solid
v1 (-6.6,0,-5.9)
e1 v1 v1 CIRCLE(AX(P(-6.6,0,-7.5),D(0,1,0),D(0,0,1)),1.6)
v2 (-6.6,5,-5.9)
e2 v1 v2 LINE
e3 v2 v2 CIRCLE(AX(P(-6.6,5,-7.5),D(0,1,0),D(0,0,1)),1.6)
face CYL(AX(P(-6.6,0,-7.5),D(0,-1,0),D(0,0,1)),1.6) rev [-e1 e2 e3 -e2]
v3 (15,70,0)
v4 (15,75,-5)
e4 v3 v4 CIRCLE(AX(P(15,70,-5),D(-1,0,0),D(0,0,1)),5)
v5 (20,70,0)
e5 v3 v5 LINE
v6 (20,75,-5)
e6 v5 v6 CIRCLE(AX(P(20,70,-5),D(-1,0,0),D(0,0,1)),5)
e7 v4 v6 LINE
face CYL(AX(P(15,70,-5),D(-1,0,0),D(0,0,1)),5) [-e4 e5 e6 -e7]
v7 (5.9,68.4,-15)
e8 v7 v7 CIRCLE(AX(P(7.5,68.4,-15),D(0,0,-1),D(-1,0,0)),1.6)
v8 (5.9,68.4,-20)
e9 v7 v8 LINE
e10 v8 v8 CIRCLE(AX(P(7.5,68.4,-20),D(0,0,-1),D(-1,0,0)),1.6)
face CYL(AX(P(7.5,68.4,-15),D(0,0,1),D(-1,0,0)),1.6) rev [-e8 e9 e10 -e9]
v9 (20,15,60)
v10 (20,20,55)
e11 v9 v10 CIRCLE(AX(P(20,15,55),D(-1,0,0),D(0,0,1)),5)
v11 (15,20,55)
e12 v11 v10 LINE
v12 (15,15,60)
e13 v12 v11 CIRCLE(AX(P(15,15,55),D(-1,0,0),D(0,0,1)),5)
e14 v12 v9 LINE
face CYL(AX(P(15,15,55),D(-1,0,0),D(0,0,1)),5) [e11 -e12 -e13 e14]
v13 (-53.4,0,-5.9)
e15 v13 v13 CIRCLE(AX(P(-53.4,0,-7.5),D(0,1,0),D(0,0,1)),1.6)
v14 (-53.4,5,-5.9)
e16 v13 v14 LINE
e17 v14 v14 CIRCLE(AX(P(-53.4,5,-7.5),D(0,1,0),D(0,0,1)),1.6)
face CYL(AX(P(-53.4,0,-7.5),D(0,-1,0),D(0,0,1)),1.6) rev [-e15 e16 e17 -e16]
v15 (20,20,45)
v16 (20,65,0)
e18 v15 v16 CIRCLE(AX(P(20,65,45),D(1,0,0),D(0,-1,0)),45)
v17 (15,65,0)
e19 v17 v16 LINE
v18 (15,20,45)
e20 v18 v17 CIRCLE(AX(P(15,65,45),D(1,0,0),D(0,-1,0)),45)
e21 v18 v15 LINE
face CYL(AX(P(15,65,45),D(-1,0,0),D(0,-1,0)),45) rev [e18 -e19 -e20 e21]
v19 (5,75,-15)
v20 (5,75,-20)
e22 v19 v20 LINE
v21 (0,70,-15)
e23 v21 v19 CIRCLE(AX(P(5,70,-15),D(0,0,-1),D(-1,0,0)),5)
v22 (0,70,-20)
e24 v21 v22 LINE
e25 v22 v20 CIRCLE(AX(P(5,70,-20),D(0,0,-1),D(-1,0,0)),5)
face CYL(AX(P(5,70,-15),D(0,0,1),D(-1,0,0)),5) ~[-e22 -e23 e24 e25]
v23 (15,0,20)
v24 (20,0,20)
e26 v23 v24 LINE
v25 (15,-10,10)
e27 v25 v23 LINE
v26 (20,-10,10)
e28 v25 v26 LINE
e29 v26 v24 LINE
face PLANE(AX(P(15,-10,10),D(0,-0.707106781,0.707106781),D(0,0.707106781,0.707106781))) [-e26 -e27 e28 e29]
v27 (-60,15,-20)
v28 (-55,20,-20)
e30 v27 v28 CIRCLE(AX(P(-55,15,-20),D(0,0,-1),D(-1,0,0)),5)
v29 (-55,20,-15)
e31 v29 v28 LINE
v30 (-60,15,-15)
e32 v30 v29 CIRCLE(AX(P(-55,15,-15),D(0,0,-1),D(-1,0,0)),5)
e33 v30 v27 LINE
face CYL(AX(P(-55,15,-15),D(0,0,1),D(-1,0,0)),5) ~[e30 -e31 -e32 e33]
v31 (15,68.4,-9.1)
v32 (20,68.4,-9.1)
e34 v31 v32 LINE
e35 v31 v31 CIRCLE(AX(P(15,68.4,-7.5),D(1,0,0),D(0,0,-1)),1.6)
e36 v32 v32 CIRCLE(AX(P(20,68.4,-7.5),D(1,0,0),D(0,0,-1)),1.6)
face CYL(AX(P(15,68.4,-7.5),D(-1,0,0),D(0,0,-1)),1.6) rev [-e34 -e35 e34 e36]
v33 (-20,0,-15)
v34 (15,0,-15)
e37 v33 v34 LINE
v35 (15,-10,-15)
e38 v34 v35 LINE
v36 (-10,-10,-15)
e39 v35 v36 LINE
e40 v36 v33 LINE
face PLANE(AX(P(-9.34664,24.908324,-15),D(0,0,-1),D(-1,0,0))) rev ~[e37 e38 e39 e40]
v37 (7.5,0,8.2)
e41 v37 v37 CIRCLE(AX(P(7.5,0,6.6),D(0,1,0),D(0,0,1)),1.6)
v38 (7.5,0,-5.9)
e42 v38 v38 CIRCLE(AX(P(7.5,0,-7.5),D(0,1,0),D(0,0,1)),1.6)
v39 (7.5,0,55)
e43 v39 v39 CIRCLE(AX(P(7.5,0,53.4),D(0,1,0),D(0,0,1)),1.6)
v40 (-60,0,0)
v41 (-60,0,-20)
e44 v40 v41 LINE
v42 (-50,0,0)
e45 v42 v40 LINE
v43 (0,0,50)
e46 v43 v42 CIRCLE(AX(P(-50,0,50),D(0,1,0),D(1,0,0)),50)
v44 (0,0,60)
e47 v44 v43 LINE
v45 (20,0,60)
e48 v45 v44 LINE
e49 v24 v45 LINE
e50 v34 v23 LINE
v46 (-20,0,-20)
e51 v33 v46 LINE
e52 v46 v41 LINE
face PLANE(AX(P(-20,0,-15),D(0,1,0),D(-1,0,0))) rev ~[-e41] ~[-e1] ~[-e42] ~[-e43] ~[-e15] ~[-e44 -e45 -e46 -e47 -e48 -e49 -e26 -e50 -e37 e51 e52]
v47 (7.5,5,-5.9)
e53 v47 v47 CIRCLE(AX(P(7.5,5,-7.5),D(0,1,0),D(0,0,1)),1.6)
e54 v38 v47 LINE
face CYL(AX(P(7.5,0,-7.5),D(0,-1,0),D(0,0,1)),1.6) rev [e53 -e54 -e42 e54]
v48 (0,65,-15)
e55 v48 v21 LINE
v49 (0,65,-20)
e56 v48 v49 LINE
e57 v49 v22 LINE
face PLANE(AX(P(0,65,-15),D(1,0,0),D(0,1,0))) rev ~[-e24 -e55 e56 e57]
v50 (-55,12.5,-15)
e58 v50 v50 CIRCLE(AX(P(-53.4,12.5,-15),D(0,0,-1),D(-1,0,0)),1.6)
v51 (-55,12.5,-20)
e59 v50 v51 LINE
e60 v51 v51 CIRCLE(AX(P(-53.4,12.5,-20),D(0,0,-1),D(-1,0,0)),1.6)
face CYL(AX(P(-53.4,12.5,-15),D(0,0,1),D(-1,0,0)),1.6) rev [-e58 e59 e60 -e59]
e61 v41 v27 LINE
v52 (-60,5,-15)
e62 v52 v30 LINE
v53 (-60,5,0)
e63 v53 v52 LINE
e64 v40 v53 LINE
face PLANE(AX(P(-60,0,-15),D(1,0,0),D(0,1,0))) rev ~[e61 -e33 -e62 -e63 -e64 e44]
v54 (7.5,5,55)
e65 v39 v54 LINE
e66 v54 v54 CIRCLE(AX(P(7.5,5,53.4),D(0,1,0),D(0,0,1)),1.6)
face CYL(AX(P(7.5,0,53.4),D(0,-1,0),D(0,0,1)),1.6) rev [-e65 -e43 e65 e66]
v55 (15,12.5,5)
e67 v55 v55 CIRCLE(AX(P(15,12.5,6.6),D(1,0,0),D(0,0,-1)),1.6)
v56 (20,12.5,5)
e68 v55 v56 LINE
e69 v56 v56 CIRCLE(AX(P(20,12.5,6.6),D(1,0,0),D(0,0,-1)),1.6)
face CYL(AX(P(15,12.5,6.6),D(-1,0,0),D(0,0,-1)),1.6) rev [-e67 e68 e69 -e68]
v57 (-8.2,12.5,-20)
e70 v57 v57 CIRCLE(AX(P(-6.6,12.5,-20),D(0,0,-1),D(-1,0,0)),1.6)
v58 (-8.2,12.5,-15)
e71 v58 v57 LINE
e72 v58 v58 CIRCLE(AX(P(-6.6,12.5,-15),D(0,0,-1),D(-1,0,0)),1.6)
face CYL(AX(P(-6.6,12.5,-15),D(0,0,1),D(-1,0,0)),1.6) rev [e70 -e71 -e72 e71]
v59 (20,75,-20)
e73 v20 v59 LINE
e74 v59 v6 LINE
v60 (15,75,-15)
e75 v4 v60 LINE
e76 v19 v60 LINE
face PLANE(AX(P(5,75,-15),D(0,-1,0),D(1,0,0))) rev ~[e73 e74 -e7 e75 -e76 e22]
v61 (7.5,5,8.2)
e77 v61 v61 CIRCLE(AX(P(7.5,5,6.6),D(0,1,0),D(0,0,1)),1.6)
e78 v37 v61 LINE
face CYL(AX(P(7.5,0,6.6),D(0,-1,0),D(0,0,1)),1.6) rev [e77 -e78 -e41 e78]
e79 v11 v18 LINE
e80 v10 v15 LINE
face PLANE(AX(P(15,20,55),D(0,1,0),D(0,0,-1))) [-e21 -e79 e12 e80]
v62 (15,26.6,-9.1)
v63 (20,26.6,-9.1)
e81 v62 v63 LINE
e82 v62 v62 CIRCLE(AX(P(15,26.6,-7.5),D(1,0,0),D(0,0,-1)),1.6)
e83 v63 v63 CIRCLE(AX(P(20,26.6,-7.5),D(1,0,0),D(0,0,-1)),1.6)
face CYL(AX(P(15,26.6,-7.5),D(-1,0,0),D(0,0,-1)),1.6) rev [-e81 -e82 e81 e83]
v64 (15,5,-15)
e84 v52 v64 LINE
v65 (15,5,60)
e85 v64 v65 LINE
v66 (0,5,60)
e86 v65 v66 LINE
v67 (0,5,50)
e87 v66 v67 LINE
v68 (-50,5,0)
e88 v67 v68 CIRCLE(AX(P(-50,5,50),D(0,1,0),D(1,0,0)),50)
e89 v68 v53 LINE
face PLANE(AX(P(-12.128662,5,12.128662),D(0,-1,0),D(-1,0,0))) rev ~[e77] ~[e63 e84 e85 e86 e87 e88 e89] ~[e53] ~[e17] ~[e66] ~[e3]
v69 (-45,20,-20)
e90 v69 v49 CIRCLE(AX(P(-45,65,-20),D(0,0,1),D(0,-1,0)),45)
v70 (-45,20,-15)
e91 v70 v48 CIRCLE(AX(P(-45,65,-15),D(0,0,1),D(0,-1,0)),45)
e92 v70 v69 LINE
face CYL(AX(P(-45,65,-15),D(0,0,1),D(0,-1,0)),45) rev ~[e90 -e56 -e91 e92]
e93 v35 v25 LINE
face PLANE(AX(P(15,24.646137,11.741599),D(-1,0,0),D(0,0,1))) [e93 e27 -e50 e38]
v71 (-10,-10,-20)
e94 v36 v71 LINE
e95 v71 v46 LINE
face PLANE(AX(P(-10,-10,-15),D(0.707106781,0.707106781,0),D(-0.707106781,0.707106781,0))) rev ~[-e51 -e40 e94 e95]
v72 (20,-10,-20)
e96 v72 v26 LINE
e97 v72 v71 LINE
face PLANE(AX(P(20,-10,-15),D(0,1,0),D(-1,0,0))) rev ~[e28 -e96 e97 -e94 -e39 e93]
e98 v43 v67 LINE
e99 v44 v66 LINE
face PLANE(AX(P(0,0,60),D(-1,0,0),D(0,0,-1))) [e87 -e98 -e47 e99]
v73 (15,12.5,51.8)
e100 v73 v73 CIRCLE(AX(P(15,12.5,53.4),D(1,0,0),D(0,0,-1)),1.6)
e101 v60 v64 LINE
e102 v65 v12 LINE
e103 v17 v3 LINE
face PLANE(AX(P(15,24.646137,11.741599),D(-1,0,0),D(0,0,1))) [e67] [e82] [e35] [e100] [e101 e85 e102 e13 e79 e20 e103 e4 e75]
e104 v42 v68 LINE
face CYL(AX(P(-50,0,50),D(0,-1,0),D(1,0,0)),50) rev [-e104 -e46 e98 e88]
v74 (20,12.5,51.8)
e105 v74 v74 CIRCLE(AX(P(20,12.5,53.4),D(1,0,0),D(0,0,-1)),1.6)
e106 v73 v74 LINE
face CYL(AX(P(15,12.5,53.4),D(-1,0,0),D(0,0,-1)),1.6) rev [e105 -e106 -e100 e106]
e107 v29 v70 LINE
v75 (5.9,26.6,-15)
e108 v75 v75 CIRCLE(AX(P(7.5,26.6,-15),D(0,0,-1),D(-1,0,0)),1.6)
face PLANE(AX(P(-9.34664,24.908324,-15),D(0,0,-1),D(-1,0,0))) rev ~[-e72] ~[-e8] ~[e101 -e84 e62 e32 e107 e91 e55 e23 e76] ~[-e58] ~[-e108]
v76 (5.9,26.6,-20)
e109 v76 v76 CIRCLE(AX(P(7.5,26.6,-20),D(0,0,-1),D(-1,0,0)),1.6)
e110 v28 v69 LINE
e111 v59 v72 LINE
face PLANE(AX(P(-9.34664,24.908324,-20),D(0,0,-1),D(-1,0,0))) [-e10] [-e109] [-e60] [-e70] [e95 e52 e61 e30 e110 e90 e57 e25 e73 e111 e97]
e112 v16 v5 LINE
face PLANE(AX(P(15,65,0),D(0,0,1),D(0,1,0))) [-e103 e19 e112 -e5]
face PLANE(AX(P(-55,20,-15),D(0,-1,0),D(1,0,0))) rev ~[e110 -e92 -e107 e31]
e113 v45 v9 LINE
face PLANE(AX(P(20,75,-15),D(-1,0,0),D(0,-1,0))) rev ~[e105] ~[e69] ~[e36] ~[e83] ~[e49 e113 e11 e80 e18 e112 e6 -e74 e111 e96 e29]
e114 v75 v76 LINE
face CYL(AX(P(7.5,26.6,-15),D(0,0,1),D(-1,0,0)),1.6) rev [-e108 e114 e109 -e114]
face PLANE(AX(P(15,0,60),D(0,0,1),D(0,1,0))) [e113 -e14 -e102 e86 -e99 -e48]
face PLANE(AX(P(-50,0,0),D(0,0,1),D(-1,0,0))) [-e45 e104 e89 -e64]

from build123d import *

# Parameters (mm, degrees)
SKETCH1_R           = 1.6
BOSS_EXTRUDE1_DEPTH = 5
SKETCH2_R           = 1.6
BOSS_EXTRUDE2_DEPTH = 5
SKETCH3_R           = 1.6
BOSS_EXTRUDE3_DEPTH = 5


with BuildPart() as part:
    # Sketch1 → Boss-Extrude1 (new body)
    with BuildSketch(Plane(origin=(0, 0, 0), x_dir=(1, 0, 0), z_dir=(0, 1, 0))):
        with BuildLine():
            Line((-50, 0), (-60, 0))
            Line((-60, 0), (-60, 15))
            Line((-60, 15), (15, 15))
            Line((15, 15), (15, -60))
            Line((15, -60), (0, -60))
            Line((0, -60), (0, -50))
            ThreePointArc((0, -50), (-14.644660941, -14.644660941), (-50, 0))
        make_face()
        with Locations(Location((7.5, 7.5, 0), (0, 0, 270))):
            Circle(SKETCH1_R, mode=Mode.SUBTRACT)
        with Locations(Location((7.5, -6.6, 0), (0, 0, 270))):
            Circle(SKETCH1_R, mode=Mode.SUBTRACT)
        with Locations(Location((7.5, -53.4, 0), (0, 0, 270))):
            Circle(SKETCH1_R, mode=Mode.SUBTRACT)
        with Locations(Location((-53.4, 7.5, 0), (0, 0, 270))):
            Circle(SKETCH1_R, mode=Mode.SUBTRACT)
        with Locations(Location((-6.6, 7.5, 0), (0, 0, 270))):
            Circle(SKETCH1_R, mode=Mode.SUBTRACT)
    extrude(amount=BOSS_EXTRUDE1_DEPTH)

    # Sketch2 → Boss-Extrude2 (add)
    with BuildSketch(Plane(origin=(15, 0, 0), x_dir=(0, 0, -1), z_dir=(1, 0, 0))):
        with BuildLine():
            Line((-10, -10), (-20, 0))
            Line((-20, 0), (-60, 0))
            Line((-60, 0), (-60, 15))
            ThreePointArc((-60, 15), (-58.535533906, 18.535533906), (-55, 20))
            Line((-55, 20), (-45, 20))
            ThreePointArc((-45, 20), (-13.180194847, 33.180194847), (0, 65))
            Line((0, 65), (0, 70))
            ThreePointArc((0, 70), (1.464466094, 73.535533906), (5, 75))
            Line((5, 75), (15, 75))
            Line((15, 75), (15, -10))
            Line((15, -10), (-10, -10))
        make_face()
        with Locations((-53.4, 12.5)):
            Circle(SKETCH2_R, mode=Mode.SUBTRACT)
        with Locations((-6.6, 12.5)):
            Circle(SKETCH2_R, mode=Mode.SUBTRACT)
        with Locations((7.5, 26.6)):
            Circle(SKETCH2_R, mode=Mode.SUBTRACT)
        with Locations((7.5, 68.4)):
            Circle(SKETCH2_R, mode=Mode.SUBTRACT)
    extrude(amount=BOSS_EXTRUDE2_DEPTH)

    # Sketch3 → Boss-Extrude3 (add)
    with BuildSketch(Plane(origin=(0, 0, -15), x_dir=(-1, 0, 0), z_dir=(0, 0, -1))):
        with BuildLine():
            Line((-20, -10), (10, -10))
            Line((10, -10), (20, 0))
            Line((20, 0), (60, 0))
            Line((60, 0), (60, 15))
            ThreePointArc((60, 15), (58.535533906, 18.535533906), (55, 20))
            Line((55, 20), (45, 20))
            ThreePointArc((45, 20), (13.180194847, 33.180194847), (0, 65))
            Line((0, 65), (0, 70))
            ThreePointArc((0, 70), (-1.464466094, 73.535533906), (-5, 75))
            Line((-5, 75), (-20, 75))
            Line((-20, 75), (-20, -10))
        make_face()
        with Locations((-7.5, 68.4)):
            Circle(SKETCH3_R, mode=Mode.SUBTRACT)
        with Locations((-7.5, 26.6)):
            Circle(SKETCH3_R, mode=Mode.SUBTRACT)
        with Locations((6.6, 12.5)):
            Circle(SKETCH3_R, mode=Mode.SUBTRACT)
        with Locations((53.4, 12.5)):
            Circle(SKETCH3_R, mode=Mode.SUBTRACT)
    extrude(amount=BOSS_EXTRUDE3_DEPTH)


solid = part.part
